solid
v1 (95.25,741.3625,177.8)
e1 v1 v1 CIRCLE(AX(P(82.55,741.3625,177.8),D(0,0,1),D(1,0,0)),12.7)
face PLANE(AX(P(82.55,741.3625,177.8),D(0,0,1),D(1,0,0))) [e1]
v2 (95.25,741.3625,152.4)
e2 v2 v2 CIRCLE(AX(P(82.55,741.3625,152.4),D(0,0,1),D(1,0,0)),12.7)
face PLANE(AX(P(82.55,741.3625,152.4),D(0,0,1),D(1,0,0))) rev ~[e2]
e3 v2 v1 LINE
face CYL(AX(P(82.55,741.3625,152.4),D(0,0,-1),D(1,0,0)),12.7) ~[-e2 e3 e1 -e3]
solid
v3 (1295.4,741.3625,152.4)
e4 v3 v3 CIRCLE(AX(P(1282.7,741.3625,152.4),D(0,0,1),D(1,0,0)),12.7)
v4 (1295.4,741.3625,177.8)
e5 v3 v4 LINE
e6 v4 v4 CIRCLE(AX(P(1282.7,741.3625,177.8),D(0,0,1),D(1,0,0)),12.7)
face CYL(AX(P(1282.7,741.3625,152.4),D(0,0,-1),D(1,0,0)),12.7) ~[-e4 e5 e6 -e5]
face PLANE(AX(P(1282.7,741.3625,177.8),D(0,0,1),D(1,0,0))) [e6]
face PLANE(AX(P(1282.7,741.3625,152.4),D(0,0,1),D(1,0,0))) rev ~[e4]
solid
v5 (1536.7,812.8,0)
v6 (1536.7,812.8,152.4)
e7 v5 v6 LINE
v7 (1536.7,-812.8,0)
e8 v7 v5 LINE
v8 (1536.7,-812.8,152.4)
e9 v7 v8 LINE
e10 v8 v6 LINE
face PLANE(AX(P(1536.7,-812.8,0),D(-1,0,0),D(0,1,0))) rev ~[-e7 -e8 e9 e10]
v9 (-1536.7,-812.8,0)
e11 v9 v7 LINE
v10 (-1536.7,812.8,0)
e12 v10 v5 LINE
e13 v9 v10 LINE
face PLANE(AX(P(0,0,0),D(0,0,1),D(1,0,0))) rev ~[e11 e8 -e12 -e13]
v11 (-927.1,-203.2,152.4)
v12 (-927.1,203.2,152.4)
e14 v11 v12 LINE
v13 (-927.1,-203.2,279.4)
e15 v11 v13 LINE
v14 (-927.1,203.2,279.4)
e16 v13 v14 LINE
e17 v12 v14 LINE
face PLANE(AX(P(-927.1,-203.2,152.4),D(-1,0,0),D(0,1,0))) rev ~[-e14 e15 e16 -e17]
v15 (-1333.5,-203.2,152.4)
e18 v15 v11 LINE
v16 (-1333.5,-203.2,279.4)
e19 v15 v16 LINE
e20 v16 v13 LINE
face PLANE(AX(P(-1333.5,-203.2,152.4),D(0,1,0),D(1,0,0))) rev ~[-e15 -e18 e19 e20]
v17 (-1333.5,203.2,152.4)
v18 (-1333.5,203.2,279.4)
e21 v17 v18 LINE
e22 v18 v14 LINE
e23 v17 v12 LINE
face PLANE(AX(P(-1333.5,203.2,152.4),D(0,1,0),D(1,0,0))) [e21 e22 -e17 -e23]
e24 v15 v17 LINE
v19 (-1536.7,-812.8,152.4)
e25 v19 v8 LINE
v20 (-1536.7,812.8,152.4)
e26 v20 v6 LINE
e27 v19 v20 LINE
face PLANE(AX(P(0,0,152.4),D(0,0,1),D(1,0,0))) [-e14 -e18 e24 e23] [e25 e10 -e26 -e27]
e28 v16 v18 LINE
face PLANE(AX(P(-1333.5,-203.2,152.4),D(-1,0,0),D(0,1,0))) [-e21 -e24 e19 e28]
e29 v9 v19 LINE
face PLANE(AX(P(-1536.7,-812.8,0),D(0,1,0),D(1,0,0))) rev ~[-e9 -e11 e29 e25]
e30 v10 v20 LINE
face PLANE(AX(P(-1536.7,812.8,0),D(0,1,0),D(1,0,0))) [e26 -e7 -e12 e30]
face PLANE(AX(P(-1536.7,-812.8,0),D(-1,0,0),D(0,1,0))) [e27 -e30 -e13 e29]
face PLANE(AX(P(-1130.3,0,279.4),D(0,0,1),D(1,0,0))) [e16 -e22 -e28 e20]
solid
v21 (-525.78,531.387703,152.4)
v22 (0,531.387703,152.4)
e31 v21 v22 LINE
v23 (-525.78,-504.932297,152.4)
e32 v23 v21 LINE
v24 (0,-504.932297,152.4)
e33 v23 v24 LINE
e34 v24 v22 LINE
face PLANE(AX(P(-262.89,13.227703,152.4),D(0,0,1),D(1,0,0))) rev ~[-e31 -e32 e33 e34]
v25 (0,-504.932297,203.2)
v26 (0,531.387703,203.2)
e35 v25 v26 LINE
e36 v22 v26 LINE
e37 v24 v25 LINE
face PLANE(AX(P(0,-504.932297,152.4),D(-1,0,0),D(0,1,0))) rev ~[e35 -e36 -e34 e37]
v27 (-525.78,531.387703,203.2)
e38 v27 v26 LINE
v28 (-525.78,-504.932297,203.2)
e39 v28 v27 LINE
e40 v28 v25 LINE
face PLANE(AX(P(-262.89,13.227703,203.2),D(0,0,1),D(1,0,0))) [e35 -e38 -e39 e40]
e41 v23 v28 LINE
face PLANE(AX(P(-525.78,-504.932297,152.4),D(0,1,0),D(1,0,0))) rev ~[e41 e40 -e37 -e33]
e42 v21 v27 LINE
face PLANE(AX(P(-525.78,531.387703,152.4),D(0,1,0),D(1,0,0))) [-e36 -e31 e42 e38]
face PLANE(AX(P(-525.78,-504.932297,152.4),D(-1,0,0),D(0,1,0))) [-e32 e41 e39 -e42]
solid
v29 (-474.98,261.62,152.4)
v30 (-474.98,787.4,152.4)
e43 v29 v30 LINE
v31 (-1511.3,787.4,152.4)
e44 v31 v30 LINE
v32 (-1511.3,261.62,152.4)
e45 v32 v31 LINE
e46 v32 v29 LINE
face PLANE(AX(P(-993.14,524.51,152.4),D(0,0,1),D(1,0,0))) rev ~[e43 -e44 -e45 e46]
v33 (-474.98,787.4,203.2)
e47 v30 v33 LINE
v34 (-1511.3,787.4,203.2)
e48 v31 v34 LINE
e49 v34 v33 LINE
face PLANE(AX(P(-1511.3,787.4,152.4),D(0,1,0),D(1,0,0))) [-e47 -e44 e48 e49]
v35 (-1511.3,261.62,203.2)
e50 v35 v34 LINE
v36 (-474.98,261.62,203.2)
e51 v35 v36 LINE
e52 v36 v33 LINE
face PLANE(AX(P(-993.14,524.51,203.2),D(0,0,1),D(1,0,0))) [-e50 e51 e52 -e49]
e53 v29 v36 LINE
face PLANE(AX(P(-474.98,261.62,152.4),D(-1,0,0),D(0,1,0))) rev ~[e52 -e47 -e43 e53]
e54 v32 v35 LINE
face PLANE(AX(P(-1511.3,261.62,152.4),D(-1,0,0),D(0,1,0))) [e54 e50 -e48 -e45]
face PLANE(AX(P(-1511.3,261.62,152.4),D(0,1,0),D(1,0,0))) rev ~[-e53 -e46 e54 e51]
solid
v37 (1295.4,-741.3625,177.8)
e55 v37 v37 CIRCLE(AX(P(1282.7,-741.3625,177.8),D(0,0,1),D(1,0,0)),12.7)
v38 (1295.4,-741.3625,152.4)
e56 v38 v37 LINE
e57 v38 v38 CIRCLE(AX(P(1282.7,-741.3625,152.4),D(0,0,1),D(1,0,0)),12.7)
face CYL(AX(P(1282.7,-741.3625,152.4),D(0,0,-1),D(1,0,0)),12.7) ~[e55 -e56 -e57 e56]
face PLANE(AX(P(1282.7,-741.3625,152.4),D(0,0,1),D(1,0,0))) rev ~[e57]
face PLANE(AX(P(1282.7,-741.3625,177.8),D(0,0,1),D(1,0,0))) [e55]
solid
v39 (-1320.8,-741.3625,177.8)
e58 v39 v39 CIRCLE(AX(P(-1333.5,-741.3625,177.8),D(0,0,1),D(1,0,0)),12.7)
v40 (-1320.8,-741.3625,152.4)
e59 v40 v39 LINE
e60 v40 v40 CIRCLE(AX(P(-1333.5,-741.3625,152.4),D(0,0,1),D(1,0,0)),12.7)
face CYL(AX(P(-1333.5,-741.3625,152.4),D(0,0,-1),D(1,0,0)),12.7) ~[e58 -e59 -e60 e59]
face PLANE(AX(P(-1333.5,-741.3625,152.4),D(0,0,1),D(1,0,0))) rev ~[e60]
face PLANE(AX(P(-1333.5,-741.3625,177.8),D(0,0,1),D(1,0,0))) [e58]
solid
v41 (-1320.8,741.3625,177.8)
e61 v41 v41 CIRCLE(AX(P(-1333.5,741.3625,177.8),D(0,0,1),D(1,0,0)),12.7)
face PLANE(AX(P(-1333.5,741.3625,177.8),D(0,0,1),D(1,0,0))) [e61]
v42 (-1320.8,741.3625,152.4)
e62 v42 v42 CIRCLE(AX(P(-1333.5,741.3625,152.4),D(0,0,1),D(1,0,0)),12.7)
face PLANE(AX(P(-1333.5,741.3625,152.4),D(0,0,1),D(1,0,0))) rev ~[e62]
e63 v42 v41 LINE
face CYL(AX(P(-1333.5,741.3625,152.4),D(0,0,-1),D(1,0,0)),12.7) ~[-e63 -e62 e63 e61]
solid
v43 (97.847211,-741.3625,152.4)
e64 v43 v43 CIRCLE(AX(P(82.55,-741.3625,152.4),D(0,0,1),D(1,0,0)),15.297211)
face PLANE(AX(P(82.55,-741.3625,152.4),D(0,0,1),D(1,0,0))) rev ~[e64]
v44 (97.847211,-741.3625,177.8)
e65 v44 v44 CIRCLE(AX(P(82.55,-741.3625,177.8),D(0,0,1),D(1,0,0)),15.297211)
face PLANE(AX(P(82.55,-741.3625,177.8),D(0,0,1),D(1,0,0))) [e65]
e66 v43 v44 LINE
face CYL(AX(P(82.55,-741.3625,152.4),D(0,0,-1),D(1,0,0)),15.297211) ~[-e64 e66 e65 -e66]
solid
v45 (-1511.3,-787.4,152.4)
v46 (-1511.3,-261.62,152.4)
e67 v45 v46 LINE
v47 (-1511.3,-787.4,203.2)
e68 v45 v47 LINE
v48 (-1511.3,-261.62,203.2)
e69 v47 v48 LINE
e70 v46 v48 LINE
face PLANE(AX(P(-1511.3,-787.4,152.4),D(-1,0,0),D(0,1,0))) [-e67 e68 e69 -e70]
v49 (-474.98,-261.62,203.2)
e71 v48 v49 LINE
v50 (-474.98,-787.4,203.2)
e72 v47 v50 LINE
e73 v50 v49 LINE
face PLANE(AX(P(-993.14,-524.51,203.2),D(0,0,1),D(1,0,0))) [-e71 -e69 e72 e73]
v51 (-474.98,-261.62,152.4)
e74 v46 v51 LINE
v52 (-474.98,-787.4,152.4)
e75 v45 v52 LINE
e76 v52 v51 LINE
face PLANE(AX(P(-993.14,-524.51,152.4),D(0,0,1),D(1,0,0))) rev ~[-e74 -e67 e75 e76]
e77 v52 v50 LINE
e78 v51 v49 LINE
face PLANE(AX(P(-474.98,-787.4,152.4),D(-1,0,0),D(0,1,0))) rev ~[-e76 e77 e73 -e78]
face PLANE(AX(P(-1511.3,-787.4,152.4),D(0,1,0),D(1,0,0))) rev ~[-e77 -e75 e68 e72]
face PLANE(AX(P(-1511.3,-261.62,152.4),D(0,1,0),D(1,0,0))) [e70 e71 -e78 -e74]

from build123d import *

# Parameters (mm, degrees)
F0_W     = 3073.4
F0_H     = 1625.6
F1_DEPTH = 152.4
F2_W     = 406.4
F2_H     = 406.4
F3_DEPTH = 127
F4_W     = 1036.32
F4_H     = 525.78
F5_DEPTH = 50.8
F6_R     = 12.7
F6_R_2   = 15.297211
F7_DEPTH = 25.4
F8_W     = 525.78
F8_H     = 1036.32
F9_DEPTH = 50.8


with BuildPart() as f1:
    # F0 (on Top) → F1 (new body)
    with BuildSketch(Plane.XY):
        Rectangle(F0_W, F0_H)
    extrude(amount=F1_DEPTH)

    # F2 (on face) → F3 (join)
    with BuildSketch(Plane.XY.offset(152.4)):
        with Locations((-1130.3, 0)):
            Rectangle(F2_W, F2_H)
    extrude(amount=F3_DEPTH)


with BuildPart() as f5:
    # F4 (on face) → F5 (new body)
    with BuildSketch(Plane.XY.offset(152.4)):
        with Locations((-993.14, -524.51)):
            Rectangle(F4_W, F4_H)
        with Locations((-993.14, 524.51)):
            Rectangle(F4_W, F4_H)
    extrude(amount=F5_DEPTH)


with BuildPart() as f7:
    # F6 (on face) → F7 (new body)
    with BuildSketch(Plane.XY.offset(152.4)):
        with Locations((-1333.5, 741.3625)):
            Circle(F6_R)
        with Locations((-1333.5, -741.3625)):
            Circle(F6_R)
        with Locations((82.55, -741.3625)):
            Circle(F6_R_2)
        with Locations((1282.7, -741.3625)):
            Circle(F6_R)
        with Locations((1282.7, 741.3625)):
            Circle(F6_R)
        with Locations((82.55, 741.3625)):
            Circle(F6_R)
    extrude(amount=F7_DEPTH)


with BuildPart() as f9:
    # F8 (on face) → F9 (new body)
    with BuildSketch(Plane.XY.offset(152.4)):
        with Locations((-262.89, 13.227703)):
            Rectangle(F8_W, F8_H)
    extrude(amount=F9_DEPTH)


solid = Compound([f1.part, f5.part, f7.part, f9.part])
